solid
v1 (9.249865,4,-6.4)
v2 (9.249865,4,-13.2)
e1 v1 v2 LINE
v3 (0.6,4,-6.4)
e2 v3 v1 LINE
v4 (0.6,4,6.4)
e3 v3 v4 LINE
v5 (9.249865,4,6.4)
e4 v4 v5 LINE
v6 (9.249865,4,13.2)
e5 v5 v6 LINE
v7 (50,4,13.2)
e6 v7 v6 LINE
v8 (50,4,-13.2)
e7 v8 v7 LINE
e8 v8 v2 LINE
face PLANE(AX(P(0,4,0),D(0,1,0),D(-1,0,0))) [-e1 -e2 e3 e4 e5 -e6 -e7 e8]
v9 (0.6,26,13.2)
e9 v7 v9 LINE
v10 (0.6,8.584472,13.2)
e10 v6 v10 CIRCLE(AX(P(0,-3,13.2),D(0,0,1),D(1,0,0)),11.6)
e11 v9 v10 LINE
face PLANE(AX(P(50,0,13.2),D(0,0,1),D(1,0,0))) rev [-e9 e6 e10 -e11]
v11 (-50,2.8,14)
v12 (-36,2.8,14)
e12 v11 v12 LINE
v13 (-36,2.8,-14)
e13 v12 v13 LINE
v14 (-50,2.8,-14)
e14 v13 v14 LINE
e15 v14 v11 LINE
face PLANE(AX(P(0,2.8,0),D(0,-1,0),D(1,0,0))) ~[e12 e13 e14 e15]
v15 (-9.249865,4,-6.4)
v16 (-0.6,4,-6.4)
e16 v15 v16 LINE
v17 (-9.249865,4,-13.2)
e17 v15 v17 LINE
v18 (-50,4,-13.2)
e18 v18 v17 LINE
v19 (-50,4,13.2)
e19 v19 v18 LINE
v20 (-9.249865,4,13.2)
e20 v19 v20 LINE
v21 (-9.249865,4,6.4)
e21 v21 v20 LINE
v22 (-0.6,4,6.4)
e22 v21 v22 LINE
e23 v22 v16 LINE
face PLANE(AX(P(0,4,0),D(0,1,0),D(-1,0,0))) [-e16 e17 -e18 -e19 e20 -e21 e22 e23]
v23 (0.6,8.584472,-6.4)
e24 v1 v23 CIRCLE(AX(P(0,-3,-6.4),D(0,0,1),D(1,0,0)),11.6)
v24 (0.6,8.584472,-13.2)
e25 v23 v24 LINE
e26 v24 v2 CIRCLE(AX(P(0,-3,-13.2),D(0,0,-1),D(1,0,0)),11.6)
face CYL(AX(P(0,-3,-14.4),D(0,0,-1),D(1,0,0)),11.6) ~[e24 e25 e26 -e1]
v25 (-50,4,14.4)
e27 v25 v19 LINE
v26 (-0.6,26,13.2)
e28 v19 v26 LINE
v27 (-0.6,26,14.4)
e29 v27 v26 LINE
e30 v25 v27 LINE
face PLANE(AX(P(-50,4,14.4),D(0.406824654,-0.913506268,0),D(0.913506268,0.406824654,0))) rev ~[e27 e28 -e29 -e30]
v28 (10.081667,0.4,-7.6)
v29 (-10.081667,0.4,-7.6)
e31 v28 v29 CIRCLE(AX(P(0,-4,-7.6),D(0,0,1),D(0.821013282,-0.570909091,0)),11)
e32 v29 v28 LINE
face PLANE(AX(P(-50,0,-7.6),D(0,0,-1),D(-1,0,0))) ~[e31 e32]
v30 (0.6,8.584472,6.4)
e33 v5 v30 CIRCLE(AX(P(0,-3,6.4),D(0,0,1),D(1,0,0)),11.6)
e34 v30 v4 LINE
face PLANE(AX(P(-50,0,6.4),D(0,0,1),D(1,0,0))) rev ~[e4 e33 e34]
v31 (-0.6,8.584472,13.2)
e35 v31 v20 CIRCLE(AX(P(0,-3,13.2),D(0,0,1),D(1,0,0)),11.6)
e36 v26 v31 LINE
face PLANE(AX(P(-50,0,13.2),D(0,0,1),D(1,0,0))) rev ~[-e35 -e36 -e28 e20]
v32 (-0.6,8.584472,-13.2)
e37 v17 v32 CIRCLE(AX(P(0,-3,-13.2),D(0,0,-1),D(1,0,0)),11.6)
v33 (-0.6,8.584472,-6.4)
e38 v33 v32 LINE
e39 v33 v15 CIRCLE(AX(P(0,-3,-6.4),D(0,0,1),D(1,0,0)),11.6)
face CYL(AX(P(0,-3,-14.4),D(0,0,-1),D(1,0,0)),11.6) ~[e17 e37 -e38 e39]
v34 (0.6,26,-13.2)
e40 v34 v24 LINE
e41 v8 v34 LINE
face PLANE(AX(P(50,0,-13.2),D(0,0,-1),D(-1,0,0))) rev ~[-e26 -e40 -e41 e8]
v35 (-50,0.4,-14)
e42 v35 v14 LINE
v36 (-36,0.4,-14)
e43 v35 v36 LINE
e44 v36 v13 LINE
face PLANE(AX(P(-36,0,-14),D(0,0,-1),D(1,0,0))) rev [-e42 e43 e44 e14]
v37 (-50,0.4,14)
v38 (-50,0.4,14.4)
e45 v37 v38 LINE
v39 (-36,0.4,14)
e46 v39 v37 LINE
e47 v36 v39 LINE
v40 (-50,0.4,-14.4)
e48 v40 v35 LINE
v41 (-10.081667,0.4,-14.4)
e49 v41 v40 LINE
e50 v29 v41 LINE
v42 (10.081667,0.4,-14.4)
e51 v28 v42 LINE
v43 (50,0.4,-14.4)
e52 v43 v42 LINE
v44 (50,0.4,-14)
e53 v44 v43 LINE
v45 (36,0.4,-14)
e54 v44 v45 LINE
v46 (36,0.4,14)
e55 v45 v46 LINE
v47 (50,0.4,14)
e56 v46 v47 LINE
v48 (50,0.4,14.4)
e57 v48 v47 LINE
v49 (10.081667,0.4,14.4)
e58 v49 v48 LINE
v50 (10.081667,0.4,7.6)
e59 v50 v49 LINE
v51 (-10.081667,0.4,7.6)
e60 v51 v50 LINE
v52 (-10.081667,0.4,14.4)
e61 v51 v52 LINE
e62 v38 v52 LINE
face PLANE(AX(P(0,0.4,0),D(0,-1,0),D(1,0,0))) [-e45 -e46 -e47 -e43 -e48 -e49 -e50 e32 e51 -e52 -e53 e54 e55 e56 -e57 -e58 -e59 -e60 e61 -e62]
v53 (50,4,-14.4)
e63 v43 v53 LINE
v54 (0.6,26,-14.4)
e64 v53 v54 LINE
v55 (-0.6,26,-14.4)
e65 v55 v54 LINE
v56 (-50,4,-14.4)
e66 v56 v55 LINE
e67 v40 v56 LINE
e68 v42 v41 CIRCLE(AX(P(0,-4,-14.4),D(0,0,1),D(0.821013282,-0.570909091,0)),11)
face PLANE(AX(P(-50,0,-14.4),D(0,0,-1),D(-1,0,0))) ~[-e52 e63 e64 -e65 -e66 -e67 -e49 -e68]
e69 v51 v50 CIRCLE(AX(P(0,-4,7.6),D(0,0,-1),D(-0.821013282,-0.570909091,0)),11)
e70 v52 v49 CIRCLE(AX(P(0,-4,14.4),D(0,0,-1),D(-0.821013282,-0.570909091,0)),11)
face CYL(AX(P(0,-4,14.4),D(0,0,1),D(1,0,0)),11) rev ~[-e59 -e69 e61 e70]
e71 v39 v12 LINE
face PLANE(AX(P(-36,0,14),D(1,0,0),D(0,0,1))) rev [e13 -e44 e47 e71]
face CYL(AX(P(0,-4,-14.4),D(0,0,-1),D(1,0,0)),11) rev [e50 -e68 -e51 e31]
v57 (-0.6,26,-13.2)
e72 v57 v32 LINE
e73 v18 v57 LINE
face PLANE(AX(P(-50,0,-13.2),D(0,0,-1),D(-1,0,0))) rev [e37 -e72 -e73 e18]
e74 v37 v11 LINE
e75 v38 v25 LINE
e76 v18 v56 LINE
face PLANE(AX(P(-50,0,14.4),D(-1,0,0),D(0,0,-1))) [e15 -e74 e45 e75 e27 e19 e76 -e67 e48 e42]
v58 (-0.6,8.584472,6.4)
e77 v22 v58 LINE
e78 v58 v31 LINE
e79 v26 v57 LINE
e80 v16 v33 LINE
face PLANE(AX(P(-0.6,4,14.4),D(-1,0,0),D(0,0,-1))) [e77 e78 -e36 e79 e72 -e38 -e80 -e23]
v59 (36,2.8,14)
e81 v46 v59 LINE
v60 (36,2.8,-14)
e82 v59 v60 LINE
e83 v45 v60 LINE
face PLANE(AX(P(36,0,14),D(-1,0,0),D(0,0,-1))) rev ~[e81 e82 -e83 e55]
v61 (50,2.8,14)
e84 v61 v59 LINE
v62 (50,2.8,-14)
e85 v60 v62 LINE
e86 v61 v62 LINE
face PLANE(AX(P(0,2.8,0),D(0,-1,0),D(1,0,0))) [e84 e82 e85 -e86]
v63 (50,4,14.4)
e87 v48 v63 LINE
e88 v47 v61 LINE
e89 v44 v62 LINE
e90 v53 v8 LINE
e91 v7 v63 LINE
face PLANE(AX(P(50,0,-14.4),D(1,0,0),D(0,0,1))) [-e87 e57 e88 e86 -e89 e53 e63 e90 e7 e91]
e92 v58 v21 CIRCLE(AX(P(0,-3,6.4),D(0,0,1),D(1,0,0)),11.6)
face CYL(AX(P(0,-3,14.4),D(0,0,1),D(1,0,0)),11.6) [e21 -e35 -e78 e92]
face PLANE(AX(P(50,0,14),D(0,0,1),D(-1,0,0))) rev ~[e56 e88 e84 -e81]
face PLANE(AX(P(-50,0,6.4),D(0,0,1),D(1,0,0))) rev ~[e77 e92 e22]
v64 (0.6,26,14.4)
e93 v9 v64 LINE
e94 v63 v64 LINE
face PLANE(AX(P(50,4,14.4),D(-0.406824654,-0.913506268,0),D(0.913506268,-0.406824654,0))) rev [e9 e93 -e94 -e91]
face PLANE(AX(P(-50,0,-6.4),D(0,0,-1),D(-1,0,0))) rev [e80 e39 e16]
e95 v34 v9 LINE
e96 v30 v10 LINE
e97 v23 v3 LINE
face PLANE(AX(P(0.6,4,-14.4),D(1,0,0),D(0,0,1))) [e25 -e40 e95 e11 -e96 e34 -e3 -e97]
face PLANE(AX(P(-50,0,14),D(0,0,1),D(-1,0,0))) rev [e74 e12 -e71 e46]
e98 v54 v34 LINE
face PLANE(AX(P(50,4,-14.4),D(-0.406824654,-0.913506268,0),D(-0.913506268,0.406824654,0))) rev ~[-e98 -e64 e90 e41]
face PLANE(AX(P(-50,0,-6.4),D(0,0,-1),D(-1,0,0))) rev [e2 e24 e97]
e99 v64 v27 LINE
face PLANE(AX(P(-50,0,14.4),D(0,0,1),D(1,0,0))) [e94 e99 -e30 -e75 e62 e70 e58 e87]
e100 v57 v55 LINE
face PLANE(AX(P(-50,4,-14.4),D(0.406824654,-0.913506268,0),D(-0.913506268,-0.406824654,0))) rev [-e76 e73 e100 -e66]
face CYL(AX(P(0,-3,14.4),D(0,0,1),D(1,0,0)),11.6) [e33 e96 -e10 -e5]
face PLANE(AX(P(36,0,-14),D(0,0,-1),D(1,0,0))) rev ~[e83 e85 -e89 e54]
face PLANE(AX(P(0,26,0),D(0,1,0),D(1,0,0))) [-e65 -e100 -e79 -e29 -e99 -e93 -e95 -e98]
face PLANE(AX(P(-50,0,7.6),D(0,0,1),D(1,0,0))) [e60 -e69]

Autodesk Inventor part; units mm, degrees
ref_plane "YZ Plane" through (0, 0, 0) normal (1, 0, 0) x (0, 1, 0)
ref_plane "XZ Plane" through (0, 0, 0) normal (0, 1, 0) x (-1, 0, 0)
ref_plane "XY Plane" through (0, 0, 0) normal (0, 0, 1) x (1, 0, 0)
sketch "Szkic1" plane through (0, 0, 0) normal (0, 1, 0) x (-1, 0, 0)
  point P0 (0, 0)
sketch "Szkic2" plane through (0, 0, 0) normal (0, 1, 0) x (-1, 0, 0)
  line L0 (50, -14.4) -> (-50, -14.4)
  line L1 (-50, -14.4) -> (-50, 14.4)
  line L2 (-50, 14.4) -> (50, 14.4)
  line L3 (50, 14.4) -> (50, -14.4)
  line L4 (50, -14.4) -> (-50, 14.4) construction
  line L5 (-50, -14.4) -> (50, 14.4) construction
  point P0 (0, 0)
  dimension "d0" = 100
  dimension "d1" = 28.8
extrude "Wyciągnięcie proste1" add sketch "Szkic2" along normal blind 4
sketch "Szkic3" plane through (0, 4, 0) normal (0, 1, 0) x (1, 0, 0)
  line L0 (-0.6, 14.4) -> (0.6, 14.4)
  line L1 (0.6, 14.4) -> (0.6, -14.4)
  line L2 (0.6, -14.4) -> (-0.6, -14.4)
  line L3 (-0.6, -14.4) -> (-0.6, 14.4)
  line L4 (-0.6, 14.4) -> (0.6, -14.4) construction
  line L5 (0.6, 14.4) -> (-0.6, -14.4) construction
  point P0 (0, 0)
  dimension "d4" = 1.2
  dimension "d5" = 28.8
extrude "Wyciągnięcie proste2" add sketch "Szkic3" along normal blind 22
sketch "Szkic4" plane through (-50, 0, 14.4) normal (0, 0, 1) x (1, 0, 0)
  line L0 (0, 0) -> (0, 4) projected
  line L1 (50.6, 26) -> (49.4, 26) projected
  line L2 (0, 4) -> (49.4, 26)
  line L3 (0, 4) -> (49.4, 4) projected
  line L4 (49.4, 26) -> (49.4, 4)
  line L5 (49.4, 4) -> (0, 4)
  point P0 (50, 0)
extrude "Wyciągnięcie proste3" add sketch "Szkic4" against normal blind 1.2
mirror "Odbij1" about plane through (0, 0, 0) normal (1, 0, 0) of "Wyciągnięcie proste3"
mirror "Odbij2" about plane through (0, 0, 0) normal (0, 0, 1) of "Wyciągnięcie proste3", "Odbij1"
sketch "Szkic5" plane through (-50, 0, 14.4) normal (0, 0, 1) x (1, 0, 0)
  point P0 (50, 0)
sketch "Szkic6" plane through (-50, 0, 14.4) normal (0, 0, 1) x (1, 0, 0)
  line L0 (50, 0) -> (50, -3)
  circle A0 centre (50, -3) radius 11.6
  dimension "d10" = 3
  dimension "d11" = 23.2
extrude "Wyciągnięcie proste4" add sketch "Szkic6" against normal blind 8
sketch "Szkic7" plane through (-50, 0, 14.4) normal (0, 0, 1) x (1, 0, 0)
  line L0 (50, 0) -> (50, -4)
  circle A0 centre (50, -4) radius 11
  dimension "d14" = 4
  dimension "d15" = 22
extrude "Wyciągnięcie proste5" cut sketch "Szkic7" against normal blind 6.8
mirror "Odbij3" about plane through (0, 0, 0) normal (0, 0, 1) of "Wyciągnięcie proste4", "Wyciągnięcie proste5"
sketch "Szkic8" plane through (0, 0, 0) normal (0, -1, 0) x (1, 0, 0)
  line L0 (50, -14.4) -> (-50, -14.4)
  line L1 (-50, -14.4) -> (-50, 14.4)
  line L2 (-50, 14.4) -> (50, 14.4)
  line L3 (50, 14.4) -> (50, -14.4)
  line L4 (50, -14.4) -> (-50, 14.4) construction
  line L5 (-50, -14.4) -> (50, 14.4) construction
  point P0 (0, 0)
  dimension "d18" = 100
  dimension "d19" = 28.8
extrude "Wyciągnięcie proste6" cut sketch "Szkic8" along normal through all
sketch "Szkic9" plane through (0, 0, 0) normal (0, -1, 0) x (1, 0, 0)
  line L0 (50, 14.4) -> (50, -14.4) projected
  line L1 (50, 0) -> (43, 0)
  line L2 (36, -14) -> (50, -14)
  line L3 (50, -14) -> (50, 14)
  line L4 (50, 14) -> (36, 14)
  line L5 (36, 14) -> (36, -14)
  line L6 (36, -14) -> (50, 14) construction
  line L7 (50, -14) -> (36, 14) construction
  point P0 (0, 0)
  point P1 (50, -14)
  point P2 (50, 14)
  dimension "d22" = 7
  dimension "d23" = 14
  dimension "d24" = 28
extrude "Wyciągnięcie proste7" cut sketch "Szkic9" against normal blind 2.8
mirror "Odbij4" about plane through (0, 0, 0) normal (1, 0, 0) of "Wyciągnięcie proste7"
sketch "Szkic10" plane through (0, 0, 0) normal (0, -1, 0) x (1, 0, 0)
  line L0 (50, -14.4) -> (-50, -14.4)
  line L1 (-50, -14.4) -> (-50, 14.4)
  line L2 (-50, 14.4) -> (50, 14.4)
  line L3 (50, 14.4) -> (50, -14.4)
  line L4 (50, -14.4) -> (-50, 14.4) construction
  line L5 (-50, -14.4) -> (50, 14.4) construction
  point P0 (0, 0)
  dimension "d27" = 100
  dimension "d28" = 28.8
sketch "Szkic11" plane through (0, 0, 0) normal (0, -1, 0) x (1, 0, 0)
  line L0 (-50, 14.4) -> (50, 14.4)
  line L1 (50, 14.4) -> (50, -14.4)
  line L2 (50, -14.4) -> (-50, -14.4)
  line L3 (-50, -14.4) -> (-50, 14.4)
  line L4 (-50, 14.4) -> (50, -14.4) construction
  line L5 (50, 14.4) -> (-50, -14.4) construction
  point P0 (0, 0)
  dimension "d29" = 100
  dimension "d30" = 28.8
extrude "Wyciągnięcie proste8" cut sketch "Szkic11" against normal blind 0.4
properties part number "kolyska_v2"
